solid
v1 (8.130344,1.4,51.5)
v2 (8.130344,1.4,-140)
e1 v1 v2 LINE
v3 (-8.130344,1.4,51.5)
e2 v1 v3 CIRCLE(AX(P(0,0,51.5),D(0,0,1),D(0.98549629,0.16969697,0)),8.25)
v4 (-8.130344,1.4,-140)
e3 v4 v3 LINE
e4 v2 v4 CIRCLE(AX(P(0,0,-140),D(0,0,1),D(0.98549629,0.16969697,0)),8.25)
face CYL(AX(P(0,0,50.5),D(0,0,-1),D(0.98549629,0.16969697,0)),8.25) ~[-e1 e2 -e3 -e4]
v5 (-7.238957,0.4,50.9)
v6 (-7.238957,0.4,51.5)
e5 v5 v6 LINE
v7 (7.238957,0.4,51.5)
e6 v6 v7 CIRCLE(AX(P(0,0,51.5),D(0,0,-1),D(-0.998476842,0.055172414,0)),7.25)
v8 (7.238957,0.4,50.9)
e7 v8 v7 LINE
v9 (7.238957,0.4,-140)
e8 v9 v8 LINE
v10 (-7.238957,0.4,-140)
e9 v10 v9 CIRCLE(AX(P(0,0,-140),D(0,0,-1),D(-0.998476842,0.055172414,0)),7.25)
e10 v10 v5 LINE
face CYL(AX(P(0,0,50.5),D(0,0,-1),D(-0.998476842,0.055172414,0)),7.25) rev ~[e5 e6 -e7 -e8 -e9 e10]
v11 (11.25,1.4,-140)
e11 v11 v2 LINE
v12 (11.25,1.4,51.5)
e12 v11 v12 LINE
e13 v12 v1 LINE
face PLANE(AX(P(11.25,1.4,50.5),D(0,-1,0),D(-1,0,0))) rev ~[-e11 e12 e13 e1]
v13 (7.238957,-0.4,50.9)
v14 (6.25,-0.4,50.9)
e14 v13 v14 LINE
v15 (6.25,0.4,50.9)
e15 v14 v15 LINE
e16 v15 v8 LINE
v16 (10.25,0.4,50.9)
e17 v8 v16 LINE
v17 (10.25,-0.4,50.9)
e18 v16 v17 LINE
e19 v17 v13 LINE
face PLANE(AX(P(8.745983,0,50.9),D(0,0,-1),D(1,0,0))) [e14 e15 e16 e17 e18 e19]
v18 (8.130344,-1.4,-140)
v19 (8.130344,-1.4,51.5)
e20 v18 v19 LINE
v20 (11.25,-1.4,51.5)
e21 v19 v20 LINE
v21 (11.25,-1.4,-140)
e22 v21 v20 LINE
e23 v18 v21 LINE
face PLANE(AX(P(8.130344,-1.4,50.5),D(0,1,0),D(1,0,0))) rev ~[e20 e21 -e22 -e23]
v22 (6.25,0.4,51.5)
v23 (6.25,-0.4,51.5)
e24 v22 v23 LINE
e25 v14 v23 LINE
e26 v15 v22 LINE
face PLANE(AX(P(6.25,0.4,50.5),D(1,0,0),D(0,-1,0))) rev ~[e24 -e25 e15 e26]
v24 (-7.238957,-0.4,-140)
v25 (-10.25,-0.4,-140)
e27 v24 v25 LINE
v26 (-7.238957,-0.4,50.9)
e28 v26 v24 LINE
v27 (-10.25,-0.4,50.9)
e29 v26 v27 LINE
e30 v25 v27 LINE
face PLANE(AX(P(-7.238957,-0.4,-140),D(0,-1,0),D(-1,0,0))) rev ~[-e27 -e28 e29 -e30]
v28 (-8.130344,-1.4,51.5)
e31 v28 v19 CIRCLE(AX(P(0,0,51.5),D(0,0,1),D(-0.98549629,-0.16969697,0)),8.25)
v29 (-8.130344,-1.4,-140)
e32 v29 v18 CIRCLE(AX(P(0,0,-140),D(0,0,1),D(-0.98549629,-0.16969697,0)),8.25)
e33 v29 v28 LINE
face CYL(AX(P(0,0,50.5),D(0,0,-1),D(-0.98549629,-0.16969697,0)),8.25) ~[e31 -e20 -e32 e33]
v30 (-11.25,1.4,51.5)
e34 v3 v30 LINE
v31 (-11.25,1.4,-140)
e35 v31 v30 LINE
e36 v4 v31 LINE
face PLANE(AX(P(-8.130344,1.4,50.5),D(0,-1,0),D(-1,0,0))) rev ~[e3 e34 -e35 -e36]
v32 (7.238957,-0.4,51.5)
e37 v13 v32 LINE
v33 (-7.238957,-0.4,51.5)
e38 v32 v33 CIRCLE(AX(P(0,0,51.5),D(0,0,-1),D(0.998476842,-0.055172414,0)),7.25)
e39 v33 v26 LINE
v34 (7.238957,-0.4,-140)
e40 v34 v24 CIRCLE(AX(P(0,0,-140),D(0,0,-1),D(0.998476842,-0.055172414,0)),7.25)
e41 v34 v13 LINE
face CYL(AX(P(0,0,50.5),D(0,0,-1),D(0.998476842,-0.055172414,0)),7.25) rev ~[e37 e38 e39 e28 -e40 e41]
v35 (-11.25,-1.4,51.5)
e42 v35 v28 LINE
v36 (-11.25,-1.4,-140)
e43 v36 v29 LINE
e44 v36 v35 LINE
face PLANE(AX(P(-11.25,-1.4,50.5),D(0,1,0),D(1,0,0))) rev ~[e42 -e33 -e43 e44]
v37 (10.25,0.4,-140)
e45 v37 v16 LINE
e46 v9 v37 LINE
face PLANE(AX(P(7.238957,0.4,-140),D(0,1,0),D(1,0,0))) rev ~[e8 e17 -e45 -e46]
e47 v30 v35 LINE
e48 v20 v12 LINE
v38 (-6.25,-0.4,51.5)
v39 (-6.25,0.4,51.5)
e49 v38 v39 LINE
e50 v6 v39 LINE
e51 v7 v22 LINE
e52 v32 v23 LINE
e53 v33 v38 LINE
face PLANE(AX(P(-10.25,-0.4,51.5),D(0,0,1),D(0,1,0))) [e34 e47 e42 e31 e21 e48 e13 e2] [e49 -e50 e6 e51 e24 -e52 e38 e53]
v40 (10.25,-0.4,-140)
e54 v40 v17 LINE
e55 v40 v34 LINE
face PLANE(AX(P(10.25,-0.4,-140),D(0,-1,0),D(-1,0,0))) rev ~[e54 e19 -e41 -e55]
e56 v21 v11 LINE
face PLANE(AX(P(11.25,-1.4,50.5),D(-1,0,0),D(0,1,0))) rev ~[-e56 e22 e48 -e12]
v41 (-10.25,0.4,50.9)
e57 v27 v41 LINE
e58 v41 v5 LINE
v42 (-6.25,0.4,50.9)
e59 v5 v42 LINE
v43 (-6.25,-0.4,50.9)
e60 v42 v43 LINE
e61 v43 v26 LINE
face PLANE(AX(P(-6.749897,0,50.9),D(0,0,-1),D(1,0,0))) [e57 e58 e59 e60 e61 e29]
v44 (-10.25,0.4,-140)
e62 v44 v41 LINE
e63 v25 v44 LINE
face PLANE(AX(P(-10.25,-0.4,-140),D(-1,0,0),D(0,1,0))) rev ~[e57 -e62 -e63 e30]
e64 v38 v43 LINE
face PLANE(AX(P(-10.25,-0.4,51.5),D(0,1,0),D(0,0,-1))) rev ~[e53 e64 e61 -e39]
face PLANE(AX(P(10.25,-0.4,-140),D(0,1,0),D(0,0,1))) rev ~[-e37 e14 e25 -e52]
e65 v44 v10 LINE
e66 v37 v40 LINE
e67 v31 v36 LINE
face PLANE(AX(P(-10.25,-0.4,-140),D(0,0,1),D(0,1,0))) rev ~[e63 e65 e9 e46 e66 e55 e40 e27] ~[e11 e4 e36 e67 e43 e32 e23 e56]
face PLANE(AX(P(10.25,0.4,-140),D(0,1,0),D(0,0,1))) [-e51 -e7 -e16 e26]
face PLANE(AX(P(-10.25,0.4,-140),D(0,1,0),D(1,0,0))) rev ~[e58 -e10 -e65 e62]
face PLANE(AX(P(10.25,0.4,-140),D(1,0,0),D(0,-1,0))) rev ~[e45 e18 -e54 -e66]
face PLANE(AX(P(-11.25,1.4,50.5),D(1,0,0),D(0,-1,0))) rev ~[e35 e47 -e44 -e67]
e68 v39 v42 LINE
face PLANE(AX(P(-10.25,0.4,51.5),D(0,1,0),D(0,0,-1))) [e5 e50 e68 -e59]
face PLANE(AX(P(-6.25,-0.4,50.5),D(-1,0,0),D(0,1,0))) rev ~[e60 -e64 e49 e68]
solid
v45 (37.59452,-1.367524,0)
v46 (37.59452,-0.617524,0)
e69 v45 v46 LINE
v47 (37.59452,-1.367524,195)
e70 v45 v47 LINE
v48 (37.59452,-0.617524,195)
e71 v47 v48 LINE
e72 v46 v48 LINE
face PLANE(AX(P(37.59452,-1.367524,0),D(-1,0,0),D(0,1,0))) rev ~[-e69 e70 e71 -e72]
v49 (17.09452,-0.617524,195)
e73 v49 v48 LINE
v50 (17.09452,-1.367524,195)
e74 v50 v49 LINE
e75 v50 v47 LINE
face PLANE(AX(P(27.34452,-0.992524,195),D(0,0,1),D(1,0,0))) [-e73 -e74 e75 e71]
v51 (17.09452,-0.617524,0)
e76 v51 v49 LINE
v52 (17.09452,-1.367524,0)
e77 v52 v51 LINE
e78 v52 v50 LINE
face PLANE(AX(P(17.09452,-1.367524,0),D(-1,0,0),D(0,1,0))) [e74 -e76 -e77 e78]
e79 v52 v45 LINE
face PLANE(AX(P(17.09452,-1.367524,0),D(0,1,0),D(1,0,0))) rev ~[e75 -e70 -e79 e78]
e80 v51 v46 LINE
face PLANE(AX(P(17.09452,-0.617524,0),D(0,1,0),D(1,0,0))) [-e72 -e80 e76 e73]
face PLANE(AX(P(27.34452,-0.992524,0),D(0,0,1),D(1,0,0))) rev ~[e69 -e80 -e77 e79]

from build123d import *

# Parameters (mm, degrees)
F1_DEPTH  = 50.5
F2_W      = 20.5
F2_H      = 0.75
F3_DEPTH  = 195
F4_DEPTH  = 140
F5_DEPTH  = 1
F6_DEPTH  = 4
F7_DEPTH  = 4
F9_DEPTH  = 190.9
F11_DEPTH = 190.9


with BuildPart() as f1:
    # F0 (on Top) → F1 (new body)
    with BuildSketch(Plane.XY):
        with BuildLine():
            Line((-10.25, 0.4), (-8.2402973247, 0.4))
            ThreePointArc((-8.2402973247, 0.4), (-8.2005778814, 0.9016775541), (-8.1303443961, 1.4))
            Line((-8.1303443961, 1.4), (-11.25, 1.4))
            Line((-11.25, 1.4), (-11.25, -1.4))
            Line((-11.25, -1.4), (-8.1303443961, -1.4))
            ThreePointArc((-8.1303443961, -1.4), (-8.2005778814, -0.9016775541), (-8.2402973247, -0.4))
            Line((-8.2402973247, -0.4), (-10.25, -0.4))
            Line((-10.25, -0.4), (-10.25, 0.4))
        make_face()
        with BuildLine():
            ThreePointArc((-7.2389571072, 0.4), (0, 7.25), (7.2389571072, 0.4))
            Line((7.2389571072, 0.4), (8.2402973247, 0.4))
            ThreePointArc((8.2402973247, 0.4), (8.2005778814, 0.9016775541), (8.1303443961, 1.4))
            ThreePointArc((8.1303443961, 1.4), (0, 8.25), (-8.1303443961, 1.4))
            ThreePointArc((-8.1303443961, 1.4), (-8.2005778814, 0.9016775541), (-8.2402973247, 0.4))
            Line((-8.2402973247, 0.4), (-7.2389571072, 0.4))
        make_face()
        with BuildLine():
            Line((8.2402973247, -0.4), (7.2389571072, -0.4))
            ThreePointArc((7.2389571072, -0.4), (0, -7.25), (-7.2389571072, -0.4))
            Line((-7.2389571072, -0.4), (-8.2402973247, -0.4))
            ThreePointArc((-8.2402973247, -0.4), (-8.2005778814, -0.9016775541), (-8.1303443961, -1.4))
            ThreePointArc((-8.1303443961, -1.4), (0, -8.25), (8.1303443961, -1.4))
            ThreePointArc((8.1303443961, -1.4), (8.2005778814, -0.9016775541), (8.2402973247, -0.4))
        make_face()
        with BuildLine():
            ThreePointArc((8.1303443961, 1.4), (8.2005778814, 0.9016775541), (8.2402973247, 0.4))
            Line((8.2402973247, 0.4), (10.25, 0.4))
            Line((10.25, 0.4), (10.25, -0.4))
            Line((10.25, -0.4), (8.2402973247, -0.4))
            ThreePointArc((8.2402973247, -0.4), (8.2005778814, -0.9016775541), (8.1303443961, -1.4))
            Line((8.1303443961, -1.4), (11.25, -1.4))
            Line((11.25, -1.4), (11.25, 1.4))
            Line((11.25, 1.4), (8.1303443961, 1.4))
        make_face()
    extrude(amount=F1_DEPTH)

    # F4 (add): a face of the model
    f4_faces = [f1.faces().sort_by_distance(p)[0] for p in [
        (-10.5290161286, 0, 0),
    ]]
    extrude(f4_faces, amount=F4_DEPTH)

    # F5 (add): a face of the model
    f5_faces = [f1.faces().sort_by_distance(p)[0] for p in [
        (-10.5290161286, 0, 50.5),
    ]]
    extrude(f5_faces, amount=F5_DEPTH)

    # F6 (add): a face of the model
    f6_faces = [f1.faces().sort_by_distance(p)[0] for p in [
        (10.25, 0, -44.25),
    ]]
    extrude(f6_faces, amount=F6_DEPTH)

    # F7 (add): a face of the model
    f7_faces = [f1.faces().sort_by_distance(p)[0] for p in [
        (-10.25, 0, -44.25),
    ]]
    extrude(f7_faces, amount=F7_DEPTH)

    # F8 (on face) → F9 (cut)
    with BuildSketch(Plane(origin=(0, 0, -140), x_dir=(1, 0, 0), z_dir=(0, 0, -1))):
        with BuildLine():
            ThreePointArc((7.2389571072, -0.4), (7.2755886424, 0), (7.2389571072, 0.4))
            Line((7.2389571072, 0.4), (6.25, 0.4))
            Line((6.25, 0.4), (6.25, -0.4))
            Line((6.25, -0.4), (7.2389571072, -0.4))
        make_face()
        with BuildLine():
            Line((-6.25, 0.4), (-7.2389571072, 0.4))
            ThreePointArc((-7.2389571072, 0.4), (-7.2755886424, 0), (-7.2389571072, -0.4))
            Line((-7.2389571072, -0.4), (-6.25, -0.4))
            Line((-6.25, -0.4), (-6.25, 0.4))
        make_face()
    extrude(amount=-F9_DEPTH, mode=Mode.SUBTRACT)

    # F10 (on face) → F11 (cut)
    with BuildSketch(Plane(origin=(0, 0, -140), x_dir=(1, 0, 0), z_dir=(0, 0, -1))):
        with BuildLine():
            ThreePointArc((-7.2389571072, -0.4), (-7.2755886424, 0), (-7.2389571072, 0.4))
            Line((-7.2389571072, 0.4), (-10.25, 0.4))
            Line((-10.25, 0.4), (-10.25, -0.4))
            Line((-10.25, -0.4), (-7.2389571072, -0.4))
        make_face()
        with BuildLine():
            Line((10.25, 0.4), (7.2389571072, 0.4))
            ThreePointArc((7.2389571072, 0.4), (7.2755886424, 0), (7.2389571072, -0.4))
            Line((7.2389571072, -0.4), (10.25, -0.4))
            Line((10.25, -0.4), (10.25, 0.4))
        make_face()
    extrude(amount=-F11_DEPTH, mode=Mode.SUBTRACT)


with BuildPart() as f3:
    # F2 (on Top) → F3 (new body)
    with BuildSketch(Plane.XY):
        with Locations((27.3445195556, -0.9925236842)):
            Rectangle(F2_W, F2_H)
    extrude(amount=F3_DEPTH)


solid = Compound([f1.part, f3.part])
